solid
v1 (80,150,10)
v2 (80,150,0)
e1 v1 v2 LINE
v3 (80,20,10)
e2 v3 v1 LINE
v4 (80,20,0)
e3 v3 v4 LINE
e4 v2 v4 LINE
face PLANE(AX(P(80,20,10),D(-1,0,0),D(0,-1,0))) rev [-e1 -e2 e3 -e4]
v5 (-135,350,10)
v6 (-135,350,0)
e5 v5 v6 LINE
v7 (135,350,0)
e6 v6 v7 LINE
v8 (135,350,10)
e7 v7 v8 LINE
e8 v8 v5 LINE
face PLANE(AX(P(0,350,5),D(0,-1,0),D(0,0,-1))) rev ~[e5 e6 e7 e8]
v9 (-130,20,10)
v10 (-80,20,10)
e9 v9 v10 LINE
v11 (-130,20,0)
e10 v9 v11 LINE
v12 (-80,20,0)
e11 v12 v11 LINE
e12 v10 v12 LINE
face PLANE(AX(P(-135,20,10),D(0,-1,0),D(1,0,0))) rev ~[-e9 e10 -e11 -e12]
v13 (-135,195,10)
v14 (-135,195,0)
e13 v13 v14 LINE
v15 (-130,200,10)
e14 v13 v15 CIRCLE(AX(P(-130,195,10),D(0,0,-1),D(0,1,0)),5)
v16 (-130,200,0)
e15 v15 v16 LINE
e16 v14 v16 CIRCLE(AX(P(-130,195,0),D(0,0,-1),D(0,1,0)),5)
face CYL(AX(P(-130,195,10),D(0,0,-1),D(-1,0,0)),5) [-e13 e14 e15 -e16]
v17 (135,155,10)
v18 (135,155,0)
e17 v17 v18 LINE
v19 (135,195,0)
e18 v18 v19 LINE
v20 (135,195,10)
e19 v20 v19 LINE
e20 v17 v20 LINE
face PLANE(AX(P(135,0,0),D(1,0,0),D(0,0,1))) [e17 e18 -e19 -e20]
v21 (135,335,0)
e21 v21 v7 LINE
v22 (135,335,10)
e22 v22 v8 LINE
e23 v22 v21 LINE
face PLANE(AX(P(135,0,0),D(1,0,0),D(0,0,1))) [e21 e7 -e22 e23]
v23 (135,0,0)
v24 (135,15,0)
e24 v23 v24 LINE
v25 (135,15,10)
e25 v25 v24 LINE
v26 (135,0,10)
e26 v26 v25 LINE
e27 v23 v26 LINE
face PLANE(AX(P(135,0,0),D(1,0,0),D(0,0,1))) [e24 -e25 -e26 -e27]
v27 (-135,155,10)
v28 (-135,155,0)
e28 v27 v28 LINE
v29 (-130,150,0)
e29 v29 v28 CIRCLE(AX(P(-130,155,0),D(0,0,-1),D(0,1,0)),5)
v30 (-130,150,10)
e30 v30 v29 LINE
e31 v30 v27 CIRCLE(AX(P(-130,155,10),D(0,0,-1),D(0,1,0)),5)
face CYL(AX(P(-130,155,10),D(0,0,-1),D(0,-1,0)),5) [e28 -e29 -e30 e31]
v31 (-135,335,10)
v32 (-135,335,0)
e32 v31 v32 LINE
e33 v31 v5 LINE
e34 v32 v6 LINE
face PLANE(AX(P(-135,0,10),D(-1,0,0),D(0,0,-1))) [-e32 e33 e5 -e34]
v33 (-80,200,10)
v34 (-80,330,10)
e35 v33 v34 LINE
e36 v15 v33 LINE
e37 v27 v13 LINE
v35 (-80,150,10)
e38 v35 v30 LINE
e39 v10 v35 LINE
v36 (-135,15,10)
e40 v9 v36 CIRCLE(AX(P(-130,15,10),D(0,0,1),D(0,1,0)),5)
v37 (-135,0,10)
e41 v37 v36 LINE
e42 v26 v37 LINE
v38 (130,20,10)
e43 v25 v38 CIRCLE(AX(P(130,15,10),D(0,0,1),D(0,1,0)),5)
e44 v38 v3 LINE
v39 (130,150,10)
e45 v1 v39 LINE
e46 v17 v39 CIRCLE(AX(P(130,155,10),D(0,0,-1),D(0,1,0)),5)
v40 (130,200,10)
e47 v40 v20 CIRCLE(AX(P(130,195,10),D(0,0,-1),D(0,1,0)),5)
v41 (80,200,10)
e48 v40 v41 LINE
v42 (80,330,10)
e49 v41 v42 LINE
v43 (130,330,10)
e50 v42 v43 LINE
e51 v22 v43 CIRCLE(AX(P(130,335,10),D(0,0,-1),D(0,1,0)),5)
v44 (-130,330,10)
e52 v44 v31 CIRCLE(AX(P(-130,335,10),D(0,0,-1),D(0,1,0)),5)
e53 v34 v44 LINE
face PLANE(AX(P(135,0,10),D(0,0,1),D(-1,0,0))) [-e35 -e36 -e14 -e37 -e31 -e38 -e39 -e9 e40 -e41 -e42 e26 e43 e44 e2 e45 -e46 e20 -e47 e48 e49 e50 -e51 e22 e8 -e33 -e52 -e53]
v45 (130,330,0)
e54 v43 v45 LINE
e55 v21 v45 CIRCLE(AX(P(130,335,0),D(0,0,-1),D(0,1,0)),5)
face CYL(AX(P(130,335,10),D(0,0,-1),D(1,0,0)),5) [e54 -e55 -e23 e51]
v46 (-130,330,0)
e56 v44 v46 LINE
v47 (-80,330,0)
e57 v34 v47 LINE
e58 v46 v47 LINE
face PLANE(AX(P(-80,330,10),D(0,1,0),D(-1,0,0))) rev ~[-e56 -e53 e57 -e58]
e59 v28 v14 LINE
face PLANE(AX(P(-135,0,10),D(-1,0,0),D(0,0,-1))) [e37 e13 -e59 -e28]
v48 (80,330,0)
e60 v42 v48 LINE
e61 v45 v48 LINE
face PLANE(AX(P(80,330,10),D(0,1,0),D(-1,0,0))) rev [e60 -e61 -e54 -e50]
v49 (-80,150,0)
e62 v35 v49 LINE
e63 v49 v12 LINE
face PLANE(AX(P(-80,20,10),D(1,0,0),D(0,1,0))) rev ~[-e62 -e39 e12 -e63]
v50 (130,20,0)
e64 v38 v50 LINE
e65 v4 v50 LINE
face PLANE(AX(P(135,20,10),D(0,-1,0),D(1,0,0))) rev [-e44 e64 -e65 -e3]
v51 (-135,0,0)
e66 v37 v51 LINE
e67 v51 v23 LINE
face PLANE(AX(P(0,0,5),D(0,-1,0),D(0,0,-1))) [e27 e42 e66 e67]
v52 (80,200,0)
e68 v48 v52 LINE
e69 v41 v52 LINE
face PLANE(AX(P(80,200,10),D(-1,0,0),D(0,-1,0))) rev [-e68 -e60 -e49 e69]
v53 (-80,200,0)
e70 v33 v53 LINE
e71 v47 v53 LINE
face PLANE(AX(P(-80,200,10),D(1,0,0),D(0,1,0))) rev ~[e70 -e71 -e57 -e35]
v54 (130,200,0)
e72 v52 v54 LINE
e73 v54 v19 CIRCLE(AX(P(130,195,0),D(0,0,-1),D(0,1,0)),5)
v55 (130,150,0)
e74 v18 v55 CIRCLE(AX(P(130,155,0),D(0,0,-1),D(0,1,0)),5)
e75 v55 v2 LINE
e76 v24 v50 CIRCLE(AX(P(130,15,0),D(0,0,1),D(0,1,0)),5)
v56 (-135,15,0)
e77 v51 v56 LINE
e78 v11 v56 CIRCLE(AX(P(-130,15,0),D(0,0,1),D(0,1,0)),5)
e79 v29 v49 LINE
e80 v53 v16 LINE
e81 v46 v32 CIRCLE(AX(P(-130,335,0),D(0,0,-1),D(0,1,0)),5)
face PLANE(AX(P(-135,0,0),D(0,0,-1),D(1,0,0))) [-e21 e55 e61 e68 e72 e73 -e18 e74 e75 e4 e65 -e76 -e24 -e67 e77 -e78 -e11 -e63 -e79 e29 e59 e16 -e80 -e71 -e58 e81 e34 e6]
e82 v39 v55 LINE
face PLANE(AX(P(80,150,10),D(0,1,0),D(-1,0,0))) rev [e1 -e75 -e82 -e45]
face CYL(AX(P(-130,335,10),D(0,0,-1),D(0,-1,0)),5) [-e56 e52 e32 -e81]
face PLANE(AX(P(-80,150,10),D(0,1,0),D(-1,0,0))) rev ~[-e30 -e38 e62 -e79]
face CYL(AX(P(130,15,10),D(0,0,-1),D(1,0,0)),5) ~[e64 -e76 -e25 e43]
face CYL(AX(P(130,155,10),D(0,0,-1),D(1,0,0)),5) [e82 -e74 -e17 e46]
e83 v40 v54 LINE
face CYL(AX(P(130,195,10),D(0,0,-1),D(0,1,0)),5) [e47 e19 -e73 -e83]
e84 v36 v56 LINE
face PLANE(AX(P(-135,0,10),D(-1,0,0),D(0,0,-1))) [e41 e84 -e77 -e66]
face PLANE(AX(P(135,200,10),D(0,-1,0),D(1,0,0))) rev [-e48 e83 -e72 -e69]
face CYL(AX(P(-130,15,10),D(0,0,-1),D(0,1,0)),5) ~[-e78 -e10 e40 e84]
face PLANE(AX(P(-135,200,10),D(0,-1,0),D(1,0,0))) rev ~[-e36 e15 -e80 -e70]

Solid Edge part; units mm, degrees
sketch "Sketch1" plane through (0, 0, 0) normal (0, -1, 0) x (1, 0, 0)
  line L0 (135, 0) -> (135, 10)
  line L1 (135, 10) -> (-135, 10)
  line L2 (-135, 10) -> (-135, 0)
  line L3 (-135, 0) -> (135, 0)
extrude "Protrusion1" add sketch "Sketch1" against normal blind 350
sketch "Sketch2" plane through (0, 175, 10) normal (0, 0, 1) x (1, 0, 0)
  line L0 (-135, 25) -> (-80, 25)
  line L1 (-80, 25) -> (-80, 155)
  line L2 (-80, 155) -> (-135, 155)
  line L3 (-135, 155) -> (-135, 25)
extrude "ExtrudedCutout_2" cut sketch "Sketch2" against normal blind 39.4331
mirror "Mirror1" about plane through (0, 0, 0) normal (1, 0, 0) of "ExtrudedCutout_2"
sketch "Sketch3" plane through (0, 175, 10) normal (0, 0, 1) x (1, 0, 0)
  line L0 (-135, -155) -> (-80, -155)
  line L1 (-80, -155) -> (-80, -25)
  line L2 (-80, -25) -> (-135, -25)
  line L3 (-135, -25) -> (-135, -155)
extrude "ExtrudedCutout_13" cut sketch "Sketch3" against normal blind 106.055
mirror "Mirror2" about plane through (0, 0, 0) normal (1, 0, 0) of "ExtrudedCutout_13"
fillet "Round_5" radius 5 4 edges at (135, 150, 5) (135, 200, 5) (-135, 150, 5) (-135, 200, 5)
fillet "Round_7" radius 5 4 edges at (135, 330, 5) (-135, 330, 5) (135, 20, 5) (-135, 20, 5)
